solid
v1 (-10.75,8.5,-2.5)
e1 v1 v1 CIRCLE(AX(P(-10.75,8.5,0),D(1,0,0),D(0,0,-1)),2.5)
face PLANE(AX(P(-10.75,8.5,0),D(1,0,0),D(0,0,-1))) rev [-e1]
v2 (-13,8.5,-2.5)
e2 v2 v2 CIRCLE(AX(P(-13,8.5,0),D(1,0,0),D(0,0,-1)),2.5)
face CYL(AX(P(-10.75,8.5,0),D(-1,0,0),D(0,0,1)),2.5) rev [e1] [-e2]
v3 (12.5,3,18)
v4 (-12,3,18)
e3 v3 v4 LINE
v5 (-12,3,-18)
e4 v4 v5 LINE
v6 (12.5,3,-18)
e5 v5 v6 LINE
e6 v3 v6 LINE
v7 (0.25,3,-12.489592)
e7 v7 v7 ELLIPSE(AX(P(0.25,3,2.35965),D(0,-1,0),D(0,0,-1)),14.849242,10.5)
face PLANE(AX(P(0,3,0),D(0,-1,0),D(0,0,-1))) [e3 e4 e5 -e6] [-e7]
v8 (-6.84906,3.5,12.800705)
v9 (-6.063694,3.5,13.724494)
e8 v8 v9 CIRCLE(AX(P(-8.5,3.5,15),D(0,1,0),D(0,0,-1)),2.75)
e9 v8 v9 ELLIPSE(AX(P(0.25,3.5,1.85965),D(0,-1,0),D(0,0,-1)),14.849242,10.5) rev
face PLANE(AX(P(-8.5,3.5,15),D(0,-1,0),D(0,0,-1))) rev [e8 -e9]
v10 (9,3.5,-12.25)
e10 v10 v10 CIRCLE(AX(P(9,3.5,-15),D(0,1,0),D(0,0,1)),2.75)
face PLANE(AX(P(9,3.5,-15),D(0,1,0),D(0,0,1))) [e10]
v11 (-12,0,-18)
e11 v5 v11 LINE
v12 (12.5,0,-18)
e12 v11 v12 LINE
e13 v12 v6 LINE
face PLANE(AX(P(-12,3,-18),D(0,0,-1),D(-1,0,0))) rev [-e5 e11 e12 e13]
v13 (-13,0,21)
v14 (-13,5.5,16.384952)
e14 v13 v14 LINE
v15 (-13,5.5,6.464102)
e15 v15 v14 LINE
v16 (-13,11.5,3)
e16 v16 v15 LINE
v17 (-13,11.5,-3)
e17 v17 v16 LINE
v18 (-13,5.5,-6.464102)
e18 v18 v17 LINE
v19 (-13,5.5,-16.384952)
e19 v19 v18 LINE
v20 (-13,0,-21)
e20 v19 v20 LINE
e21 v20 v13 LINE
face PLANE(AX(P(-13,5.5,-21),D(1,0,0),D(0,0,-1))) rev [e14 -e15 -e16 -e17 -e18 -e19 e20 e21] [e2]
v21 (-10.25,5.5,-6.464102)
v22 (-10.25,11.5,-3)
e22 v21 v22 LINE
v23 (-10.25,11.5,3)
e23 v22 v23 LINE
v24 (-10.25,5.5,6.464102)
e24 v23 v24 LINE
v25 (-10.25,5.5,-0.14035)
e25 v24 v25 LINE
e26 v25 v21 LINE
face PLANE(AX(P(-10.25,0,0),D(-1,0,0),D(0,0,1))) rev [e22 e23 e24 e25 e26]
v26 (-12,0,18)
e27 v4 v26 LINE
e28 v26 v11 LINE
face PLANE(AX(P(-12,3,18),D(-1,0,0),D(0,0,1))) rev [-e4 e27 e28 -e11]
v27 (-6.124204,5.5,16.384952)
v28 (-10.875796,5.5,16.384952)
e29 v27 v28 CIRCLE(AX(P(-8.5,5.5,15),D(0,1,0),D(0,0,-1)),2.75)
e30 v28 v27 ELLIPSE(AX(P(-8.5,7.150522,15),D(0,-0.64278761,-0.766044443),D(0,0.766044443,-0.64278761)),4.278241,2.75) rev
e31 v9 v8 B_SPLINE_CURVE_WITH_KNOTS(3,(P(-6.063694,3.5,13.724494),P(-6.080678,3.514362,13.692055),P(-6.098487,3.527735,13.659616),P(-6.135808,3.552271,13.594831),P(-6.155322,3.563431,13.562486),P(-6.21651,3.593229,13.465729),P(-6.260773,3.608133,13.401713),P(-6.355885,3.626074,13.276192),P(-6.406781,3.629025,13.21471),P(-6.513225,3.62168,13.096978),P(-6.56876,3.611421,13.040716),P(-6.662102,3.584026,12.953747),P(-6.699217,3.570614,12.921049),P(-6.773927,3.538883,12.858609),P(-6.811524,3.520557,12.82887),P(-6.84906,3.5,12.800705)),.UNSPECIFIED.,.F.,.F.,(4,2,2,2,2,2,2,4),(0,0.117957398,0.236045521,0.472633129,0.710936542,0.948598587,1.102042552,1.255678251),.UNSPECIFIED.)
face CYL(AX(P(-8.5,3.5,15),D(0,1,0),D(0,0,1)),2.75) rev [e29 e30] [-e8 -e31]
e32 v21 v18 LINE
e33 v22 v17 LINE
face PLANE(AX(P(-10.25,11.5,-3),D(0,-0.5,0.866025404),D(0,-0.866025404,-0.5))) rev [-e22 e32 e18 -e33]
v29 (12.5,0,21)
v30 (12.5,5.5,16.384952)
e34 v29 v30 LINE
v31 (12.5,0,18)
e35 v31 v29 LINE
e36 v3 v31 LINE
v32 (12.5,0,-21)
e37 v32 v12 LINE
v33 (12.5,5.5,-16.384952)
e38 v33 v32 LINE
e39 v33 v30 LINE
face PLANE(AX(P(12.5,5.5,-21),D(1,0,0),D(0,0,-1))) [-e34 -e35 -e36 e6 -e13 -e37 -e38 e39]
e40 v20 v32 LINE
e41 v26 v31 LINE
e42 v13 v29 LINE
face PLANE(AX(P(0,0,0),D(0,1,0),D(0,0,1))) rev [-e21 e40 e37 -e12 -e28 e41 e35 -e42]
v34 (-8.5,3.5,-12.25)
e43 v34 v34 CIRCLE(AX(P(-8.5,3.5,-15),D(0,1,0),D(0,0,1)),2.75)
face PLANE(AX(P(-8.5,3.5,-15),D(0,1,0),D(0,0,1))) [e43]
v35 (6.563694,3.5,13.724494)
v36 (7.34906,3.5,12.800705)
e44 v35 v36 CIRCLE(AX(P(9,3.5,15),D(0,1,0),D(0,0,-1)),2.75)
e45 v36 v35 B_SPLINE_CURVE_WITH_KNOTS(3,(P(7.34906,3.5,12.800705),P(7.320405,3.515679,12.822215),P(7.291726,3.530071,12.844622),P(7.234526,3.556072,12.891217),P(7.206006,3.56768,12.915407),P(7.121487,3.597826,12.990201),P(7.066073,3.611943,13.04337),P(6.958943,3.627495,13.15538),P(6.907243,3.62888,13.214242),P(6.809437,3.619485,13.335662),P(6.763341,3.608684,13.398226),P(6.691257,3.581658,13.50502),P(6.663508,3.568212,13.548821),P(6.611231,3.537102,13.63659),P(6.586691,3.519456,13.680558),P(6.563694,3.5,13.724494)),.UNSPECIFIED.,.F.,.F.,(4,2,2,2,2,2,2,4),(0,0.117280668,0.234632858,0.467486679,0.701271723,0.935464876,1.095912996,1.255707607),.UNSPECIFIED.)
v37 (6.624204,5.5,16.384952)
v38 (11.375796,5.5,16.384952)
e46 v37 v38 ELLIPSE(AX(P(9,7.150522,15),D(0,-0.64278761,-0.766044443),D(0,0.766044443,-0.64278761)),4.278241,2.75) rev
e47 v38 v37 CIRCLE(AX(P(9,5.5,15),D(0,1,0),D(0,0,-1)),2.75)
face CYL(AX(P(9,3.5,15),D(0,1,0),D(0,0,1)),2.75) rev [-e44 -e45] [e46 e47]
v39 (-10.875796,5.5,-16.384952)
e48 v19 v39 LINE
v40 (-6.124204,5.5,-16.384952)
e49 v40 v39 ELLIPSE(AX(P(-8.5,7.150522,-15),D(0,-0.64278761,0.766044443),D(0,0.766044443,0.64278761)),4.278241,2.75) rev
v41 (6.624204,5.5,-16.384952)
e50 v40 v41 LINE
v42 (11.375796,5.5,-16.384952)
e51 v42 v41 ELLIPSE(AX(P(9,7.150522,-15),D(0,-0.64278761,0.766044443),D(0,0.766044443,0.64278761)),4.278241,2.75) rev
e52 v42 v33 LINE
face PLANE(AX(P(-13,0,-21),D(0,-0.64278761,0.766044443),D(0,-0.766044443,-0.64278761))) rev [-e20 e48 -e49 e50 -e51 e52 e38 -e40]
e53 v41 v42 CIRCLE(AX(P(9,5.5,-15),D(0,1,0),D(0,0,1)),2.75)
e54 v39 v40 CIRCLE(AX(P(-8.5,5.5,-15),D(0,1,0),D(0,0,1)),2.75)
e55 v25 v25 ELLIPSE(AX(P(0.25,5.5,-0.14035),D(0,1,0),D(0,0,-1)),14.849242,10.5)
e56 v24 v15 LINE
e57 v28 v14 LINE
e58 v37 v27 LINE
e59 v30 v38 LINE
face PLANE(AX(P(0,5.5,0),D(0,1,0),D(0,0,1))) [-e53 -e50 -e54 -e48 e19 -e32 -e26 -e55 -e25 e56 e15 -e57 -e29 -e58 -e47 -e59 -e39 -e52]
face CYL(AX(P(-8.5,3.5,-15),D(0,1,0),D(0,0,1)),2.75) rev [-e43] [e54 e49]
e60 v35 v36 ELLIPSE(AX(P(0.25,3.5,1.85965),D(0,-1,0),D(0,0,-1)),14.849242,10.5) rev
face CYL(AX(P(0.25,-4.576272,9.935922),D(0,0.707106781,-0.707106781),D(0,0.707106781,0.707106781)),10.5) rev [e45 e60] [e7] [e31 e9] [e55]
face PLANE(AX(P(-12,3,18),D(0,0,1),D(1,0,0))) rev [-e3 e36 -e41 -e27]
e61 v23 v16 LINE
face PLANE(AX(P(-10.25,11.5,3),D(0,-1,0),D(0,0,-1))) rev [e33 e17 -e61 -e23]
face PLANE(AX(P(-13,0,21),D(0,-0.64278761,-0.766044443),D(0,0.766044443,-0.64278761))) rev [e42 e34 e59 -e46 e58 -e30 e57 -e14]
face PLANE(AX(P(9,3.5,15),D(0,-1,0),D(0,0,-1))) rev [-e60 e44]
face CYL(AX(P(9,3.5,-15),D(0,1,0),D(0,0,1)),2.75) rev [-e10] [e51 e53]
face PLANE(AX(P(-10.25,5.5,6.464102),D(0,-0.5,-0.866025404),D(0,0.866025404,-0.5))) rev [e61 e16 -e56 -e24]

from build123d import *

# Parameters (mm, degrees)
SKETCH1_W                = 25.5
SKETCH1_H                = 42
BOSS_EXTRUDE1_DEPTH      = 5.5
SKETCH2_W                = 25
SKETCH2_H                = 36
CUT_EXTRUDE1_DEPTH       = 3
SKETCH3_R                = 10.5
CUT_EXTRUDE6_DEPTH       = 29
SKETCH6_R                = 2.75
CUT_EXTRUDE7_DEPTH       = 2
CUT_EXTRUDE8_DEPTH       = 13.5
CUT_EXTRUDE8_DEPTH_BACK  = 14
BOSS_EXTRUDE2_DEPTH      = 2.75
SKETCH9_R                = 2.5
CUT_EXTRUDE11_DEPTH      = 2.25
CUT_EXTRUDE12_DEPTH      = 13.5
CUT_EXTRUDE12_DEPTH_BACK = 14


with BuildPart() as part:
    # Sketch1 → Boss-Extrude1 (new body)
    with BuildSketch(Plane(origin=(0, 0, 0), x_dir=(1, 0, 0), z_dir=(0, 1, 0))):
        with Locations((-0.25, 0)):
            Rectangle(SKETCH1_W, SKETCH1_H)
    extrude(amount=BOSS_EXTRUDE1_DEPTH)

    # Sketch2 → Cut-Extrude1 (cut)
    with BuildSketch(Plane.XZ):
        with Locations((0.5, 0)):
            Rectangle(SKETCH2_W, SKETCH2_H)
    extrude(amount=-CUT_EXTRUDE1_DEPTH, mode=Mode.SUBTRACT)

    # Sketch3 → Cut-Extrude6 (cut)
    with BuildSketch(Plane(origin=(0, 13.25, -13.25), x_dir=(1, 0, 0), z_dir=(0, 0.707106781, -0.707106781))):
        with Locations((0.25, -3.789844892)):
            Circle(SKETCH3_R)
    extrude(amount=-CUT_EXTRUDE6_DEPTH, mode=Mode.SUBTRACT)

    # Sketch6 → Cut-Extrude7 (cut)
    with BuildSketch(Plane(origin=(0, 5.5, 0), x_dir=(1, 0, 0), z_dir=(0, 1, 0))):
        with Locations((-8.5, 15)):
            Circle(SKETCH6_R)
        with Locations((9, 15)):
            Circle(SKETCH6_R)
        with Locations((-8.5, -15)):
            Circle(SKETCH6_R)
        with Locations((9, -15)):
            Circle(SKETCH6_R)
    extrude(amount=-CUT_EXTRUDE7_DEPTH, mode=Mode.SUBTRACT)

    # Sketch7 → Cut-Extrude8 (cut, two sides)
    with BuildSketch(Plane(origin=(0, 0, 0), x_dir=(0, 0, -1), z_dir=(1, 0, 0))) as cut_extrude8_sk:
        Polygon((-21, 0), (-12.82380275, 9.744012446), (-21, 9.744012446), align=None)
    extrude(amount=CUT_EXTRUDE8_DEPTH, mode=Mode.SUBTRACT)
    extrude(cut_extrude8_sk.sketch, amount=-CUT_EXTRUDE8_DEPTH_BACK, mode=Mode.SUBTRACT)

    # Sketch8 → Boss-Extrude2 (add)
    with BuildSketch(Plane(origin=(-13, 0, 0), x_dir=(0, 0, -1), z_dir=(1, 0, 0))):
        Polygon((-3, 11.5), (3, 11.5), (6.464101615, 5.5), (-6.464101615, 5.5), align=None)
    extrude(amount=BOSS_EXTRUDE2_DEPTH)

    # Sketch9 → Cut-Extrude11 (cut)
    with BuildSketch(Plane(origin=(-13, 0, 0), x_dir=(0, 0, -1), z_dir=(1, 0, 0))):
        with Locations((0, 8.5)):
            Circle(SKETCH9_R)
    extrude(amount=CUT_EXTRUDE11_DEPTH, mode=Mode.SUBTRACT)

    # Sketch10 → Cut-Extrude12 (cut, two sides)
    with BuildSketch(Plane(origin=(0, 0, 0), x_dir=(0, 0, -1), z_dir=(1, 0, 0))) as cut_extrude12_sk:
        Polygon((21, 0), (15.965402213, 6), (21, 6), align=None)
    extrude(amount=CUT_EXTRUDE12_DEPTH, mode=Mode.SUBTRACT)
    extrude(cut_extrude12_sk.sketch, amount=-CUT_EXTRUDE12_DEPTH_BACK, mode=Mode.SUBTRACT)


solid = part.part
